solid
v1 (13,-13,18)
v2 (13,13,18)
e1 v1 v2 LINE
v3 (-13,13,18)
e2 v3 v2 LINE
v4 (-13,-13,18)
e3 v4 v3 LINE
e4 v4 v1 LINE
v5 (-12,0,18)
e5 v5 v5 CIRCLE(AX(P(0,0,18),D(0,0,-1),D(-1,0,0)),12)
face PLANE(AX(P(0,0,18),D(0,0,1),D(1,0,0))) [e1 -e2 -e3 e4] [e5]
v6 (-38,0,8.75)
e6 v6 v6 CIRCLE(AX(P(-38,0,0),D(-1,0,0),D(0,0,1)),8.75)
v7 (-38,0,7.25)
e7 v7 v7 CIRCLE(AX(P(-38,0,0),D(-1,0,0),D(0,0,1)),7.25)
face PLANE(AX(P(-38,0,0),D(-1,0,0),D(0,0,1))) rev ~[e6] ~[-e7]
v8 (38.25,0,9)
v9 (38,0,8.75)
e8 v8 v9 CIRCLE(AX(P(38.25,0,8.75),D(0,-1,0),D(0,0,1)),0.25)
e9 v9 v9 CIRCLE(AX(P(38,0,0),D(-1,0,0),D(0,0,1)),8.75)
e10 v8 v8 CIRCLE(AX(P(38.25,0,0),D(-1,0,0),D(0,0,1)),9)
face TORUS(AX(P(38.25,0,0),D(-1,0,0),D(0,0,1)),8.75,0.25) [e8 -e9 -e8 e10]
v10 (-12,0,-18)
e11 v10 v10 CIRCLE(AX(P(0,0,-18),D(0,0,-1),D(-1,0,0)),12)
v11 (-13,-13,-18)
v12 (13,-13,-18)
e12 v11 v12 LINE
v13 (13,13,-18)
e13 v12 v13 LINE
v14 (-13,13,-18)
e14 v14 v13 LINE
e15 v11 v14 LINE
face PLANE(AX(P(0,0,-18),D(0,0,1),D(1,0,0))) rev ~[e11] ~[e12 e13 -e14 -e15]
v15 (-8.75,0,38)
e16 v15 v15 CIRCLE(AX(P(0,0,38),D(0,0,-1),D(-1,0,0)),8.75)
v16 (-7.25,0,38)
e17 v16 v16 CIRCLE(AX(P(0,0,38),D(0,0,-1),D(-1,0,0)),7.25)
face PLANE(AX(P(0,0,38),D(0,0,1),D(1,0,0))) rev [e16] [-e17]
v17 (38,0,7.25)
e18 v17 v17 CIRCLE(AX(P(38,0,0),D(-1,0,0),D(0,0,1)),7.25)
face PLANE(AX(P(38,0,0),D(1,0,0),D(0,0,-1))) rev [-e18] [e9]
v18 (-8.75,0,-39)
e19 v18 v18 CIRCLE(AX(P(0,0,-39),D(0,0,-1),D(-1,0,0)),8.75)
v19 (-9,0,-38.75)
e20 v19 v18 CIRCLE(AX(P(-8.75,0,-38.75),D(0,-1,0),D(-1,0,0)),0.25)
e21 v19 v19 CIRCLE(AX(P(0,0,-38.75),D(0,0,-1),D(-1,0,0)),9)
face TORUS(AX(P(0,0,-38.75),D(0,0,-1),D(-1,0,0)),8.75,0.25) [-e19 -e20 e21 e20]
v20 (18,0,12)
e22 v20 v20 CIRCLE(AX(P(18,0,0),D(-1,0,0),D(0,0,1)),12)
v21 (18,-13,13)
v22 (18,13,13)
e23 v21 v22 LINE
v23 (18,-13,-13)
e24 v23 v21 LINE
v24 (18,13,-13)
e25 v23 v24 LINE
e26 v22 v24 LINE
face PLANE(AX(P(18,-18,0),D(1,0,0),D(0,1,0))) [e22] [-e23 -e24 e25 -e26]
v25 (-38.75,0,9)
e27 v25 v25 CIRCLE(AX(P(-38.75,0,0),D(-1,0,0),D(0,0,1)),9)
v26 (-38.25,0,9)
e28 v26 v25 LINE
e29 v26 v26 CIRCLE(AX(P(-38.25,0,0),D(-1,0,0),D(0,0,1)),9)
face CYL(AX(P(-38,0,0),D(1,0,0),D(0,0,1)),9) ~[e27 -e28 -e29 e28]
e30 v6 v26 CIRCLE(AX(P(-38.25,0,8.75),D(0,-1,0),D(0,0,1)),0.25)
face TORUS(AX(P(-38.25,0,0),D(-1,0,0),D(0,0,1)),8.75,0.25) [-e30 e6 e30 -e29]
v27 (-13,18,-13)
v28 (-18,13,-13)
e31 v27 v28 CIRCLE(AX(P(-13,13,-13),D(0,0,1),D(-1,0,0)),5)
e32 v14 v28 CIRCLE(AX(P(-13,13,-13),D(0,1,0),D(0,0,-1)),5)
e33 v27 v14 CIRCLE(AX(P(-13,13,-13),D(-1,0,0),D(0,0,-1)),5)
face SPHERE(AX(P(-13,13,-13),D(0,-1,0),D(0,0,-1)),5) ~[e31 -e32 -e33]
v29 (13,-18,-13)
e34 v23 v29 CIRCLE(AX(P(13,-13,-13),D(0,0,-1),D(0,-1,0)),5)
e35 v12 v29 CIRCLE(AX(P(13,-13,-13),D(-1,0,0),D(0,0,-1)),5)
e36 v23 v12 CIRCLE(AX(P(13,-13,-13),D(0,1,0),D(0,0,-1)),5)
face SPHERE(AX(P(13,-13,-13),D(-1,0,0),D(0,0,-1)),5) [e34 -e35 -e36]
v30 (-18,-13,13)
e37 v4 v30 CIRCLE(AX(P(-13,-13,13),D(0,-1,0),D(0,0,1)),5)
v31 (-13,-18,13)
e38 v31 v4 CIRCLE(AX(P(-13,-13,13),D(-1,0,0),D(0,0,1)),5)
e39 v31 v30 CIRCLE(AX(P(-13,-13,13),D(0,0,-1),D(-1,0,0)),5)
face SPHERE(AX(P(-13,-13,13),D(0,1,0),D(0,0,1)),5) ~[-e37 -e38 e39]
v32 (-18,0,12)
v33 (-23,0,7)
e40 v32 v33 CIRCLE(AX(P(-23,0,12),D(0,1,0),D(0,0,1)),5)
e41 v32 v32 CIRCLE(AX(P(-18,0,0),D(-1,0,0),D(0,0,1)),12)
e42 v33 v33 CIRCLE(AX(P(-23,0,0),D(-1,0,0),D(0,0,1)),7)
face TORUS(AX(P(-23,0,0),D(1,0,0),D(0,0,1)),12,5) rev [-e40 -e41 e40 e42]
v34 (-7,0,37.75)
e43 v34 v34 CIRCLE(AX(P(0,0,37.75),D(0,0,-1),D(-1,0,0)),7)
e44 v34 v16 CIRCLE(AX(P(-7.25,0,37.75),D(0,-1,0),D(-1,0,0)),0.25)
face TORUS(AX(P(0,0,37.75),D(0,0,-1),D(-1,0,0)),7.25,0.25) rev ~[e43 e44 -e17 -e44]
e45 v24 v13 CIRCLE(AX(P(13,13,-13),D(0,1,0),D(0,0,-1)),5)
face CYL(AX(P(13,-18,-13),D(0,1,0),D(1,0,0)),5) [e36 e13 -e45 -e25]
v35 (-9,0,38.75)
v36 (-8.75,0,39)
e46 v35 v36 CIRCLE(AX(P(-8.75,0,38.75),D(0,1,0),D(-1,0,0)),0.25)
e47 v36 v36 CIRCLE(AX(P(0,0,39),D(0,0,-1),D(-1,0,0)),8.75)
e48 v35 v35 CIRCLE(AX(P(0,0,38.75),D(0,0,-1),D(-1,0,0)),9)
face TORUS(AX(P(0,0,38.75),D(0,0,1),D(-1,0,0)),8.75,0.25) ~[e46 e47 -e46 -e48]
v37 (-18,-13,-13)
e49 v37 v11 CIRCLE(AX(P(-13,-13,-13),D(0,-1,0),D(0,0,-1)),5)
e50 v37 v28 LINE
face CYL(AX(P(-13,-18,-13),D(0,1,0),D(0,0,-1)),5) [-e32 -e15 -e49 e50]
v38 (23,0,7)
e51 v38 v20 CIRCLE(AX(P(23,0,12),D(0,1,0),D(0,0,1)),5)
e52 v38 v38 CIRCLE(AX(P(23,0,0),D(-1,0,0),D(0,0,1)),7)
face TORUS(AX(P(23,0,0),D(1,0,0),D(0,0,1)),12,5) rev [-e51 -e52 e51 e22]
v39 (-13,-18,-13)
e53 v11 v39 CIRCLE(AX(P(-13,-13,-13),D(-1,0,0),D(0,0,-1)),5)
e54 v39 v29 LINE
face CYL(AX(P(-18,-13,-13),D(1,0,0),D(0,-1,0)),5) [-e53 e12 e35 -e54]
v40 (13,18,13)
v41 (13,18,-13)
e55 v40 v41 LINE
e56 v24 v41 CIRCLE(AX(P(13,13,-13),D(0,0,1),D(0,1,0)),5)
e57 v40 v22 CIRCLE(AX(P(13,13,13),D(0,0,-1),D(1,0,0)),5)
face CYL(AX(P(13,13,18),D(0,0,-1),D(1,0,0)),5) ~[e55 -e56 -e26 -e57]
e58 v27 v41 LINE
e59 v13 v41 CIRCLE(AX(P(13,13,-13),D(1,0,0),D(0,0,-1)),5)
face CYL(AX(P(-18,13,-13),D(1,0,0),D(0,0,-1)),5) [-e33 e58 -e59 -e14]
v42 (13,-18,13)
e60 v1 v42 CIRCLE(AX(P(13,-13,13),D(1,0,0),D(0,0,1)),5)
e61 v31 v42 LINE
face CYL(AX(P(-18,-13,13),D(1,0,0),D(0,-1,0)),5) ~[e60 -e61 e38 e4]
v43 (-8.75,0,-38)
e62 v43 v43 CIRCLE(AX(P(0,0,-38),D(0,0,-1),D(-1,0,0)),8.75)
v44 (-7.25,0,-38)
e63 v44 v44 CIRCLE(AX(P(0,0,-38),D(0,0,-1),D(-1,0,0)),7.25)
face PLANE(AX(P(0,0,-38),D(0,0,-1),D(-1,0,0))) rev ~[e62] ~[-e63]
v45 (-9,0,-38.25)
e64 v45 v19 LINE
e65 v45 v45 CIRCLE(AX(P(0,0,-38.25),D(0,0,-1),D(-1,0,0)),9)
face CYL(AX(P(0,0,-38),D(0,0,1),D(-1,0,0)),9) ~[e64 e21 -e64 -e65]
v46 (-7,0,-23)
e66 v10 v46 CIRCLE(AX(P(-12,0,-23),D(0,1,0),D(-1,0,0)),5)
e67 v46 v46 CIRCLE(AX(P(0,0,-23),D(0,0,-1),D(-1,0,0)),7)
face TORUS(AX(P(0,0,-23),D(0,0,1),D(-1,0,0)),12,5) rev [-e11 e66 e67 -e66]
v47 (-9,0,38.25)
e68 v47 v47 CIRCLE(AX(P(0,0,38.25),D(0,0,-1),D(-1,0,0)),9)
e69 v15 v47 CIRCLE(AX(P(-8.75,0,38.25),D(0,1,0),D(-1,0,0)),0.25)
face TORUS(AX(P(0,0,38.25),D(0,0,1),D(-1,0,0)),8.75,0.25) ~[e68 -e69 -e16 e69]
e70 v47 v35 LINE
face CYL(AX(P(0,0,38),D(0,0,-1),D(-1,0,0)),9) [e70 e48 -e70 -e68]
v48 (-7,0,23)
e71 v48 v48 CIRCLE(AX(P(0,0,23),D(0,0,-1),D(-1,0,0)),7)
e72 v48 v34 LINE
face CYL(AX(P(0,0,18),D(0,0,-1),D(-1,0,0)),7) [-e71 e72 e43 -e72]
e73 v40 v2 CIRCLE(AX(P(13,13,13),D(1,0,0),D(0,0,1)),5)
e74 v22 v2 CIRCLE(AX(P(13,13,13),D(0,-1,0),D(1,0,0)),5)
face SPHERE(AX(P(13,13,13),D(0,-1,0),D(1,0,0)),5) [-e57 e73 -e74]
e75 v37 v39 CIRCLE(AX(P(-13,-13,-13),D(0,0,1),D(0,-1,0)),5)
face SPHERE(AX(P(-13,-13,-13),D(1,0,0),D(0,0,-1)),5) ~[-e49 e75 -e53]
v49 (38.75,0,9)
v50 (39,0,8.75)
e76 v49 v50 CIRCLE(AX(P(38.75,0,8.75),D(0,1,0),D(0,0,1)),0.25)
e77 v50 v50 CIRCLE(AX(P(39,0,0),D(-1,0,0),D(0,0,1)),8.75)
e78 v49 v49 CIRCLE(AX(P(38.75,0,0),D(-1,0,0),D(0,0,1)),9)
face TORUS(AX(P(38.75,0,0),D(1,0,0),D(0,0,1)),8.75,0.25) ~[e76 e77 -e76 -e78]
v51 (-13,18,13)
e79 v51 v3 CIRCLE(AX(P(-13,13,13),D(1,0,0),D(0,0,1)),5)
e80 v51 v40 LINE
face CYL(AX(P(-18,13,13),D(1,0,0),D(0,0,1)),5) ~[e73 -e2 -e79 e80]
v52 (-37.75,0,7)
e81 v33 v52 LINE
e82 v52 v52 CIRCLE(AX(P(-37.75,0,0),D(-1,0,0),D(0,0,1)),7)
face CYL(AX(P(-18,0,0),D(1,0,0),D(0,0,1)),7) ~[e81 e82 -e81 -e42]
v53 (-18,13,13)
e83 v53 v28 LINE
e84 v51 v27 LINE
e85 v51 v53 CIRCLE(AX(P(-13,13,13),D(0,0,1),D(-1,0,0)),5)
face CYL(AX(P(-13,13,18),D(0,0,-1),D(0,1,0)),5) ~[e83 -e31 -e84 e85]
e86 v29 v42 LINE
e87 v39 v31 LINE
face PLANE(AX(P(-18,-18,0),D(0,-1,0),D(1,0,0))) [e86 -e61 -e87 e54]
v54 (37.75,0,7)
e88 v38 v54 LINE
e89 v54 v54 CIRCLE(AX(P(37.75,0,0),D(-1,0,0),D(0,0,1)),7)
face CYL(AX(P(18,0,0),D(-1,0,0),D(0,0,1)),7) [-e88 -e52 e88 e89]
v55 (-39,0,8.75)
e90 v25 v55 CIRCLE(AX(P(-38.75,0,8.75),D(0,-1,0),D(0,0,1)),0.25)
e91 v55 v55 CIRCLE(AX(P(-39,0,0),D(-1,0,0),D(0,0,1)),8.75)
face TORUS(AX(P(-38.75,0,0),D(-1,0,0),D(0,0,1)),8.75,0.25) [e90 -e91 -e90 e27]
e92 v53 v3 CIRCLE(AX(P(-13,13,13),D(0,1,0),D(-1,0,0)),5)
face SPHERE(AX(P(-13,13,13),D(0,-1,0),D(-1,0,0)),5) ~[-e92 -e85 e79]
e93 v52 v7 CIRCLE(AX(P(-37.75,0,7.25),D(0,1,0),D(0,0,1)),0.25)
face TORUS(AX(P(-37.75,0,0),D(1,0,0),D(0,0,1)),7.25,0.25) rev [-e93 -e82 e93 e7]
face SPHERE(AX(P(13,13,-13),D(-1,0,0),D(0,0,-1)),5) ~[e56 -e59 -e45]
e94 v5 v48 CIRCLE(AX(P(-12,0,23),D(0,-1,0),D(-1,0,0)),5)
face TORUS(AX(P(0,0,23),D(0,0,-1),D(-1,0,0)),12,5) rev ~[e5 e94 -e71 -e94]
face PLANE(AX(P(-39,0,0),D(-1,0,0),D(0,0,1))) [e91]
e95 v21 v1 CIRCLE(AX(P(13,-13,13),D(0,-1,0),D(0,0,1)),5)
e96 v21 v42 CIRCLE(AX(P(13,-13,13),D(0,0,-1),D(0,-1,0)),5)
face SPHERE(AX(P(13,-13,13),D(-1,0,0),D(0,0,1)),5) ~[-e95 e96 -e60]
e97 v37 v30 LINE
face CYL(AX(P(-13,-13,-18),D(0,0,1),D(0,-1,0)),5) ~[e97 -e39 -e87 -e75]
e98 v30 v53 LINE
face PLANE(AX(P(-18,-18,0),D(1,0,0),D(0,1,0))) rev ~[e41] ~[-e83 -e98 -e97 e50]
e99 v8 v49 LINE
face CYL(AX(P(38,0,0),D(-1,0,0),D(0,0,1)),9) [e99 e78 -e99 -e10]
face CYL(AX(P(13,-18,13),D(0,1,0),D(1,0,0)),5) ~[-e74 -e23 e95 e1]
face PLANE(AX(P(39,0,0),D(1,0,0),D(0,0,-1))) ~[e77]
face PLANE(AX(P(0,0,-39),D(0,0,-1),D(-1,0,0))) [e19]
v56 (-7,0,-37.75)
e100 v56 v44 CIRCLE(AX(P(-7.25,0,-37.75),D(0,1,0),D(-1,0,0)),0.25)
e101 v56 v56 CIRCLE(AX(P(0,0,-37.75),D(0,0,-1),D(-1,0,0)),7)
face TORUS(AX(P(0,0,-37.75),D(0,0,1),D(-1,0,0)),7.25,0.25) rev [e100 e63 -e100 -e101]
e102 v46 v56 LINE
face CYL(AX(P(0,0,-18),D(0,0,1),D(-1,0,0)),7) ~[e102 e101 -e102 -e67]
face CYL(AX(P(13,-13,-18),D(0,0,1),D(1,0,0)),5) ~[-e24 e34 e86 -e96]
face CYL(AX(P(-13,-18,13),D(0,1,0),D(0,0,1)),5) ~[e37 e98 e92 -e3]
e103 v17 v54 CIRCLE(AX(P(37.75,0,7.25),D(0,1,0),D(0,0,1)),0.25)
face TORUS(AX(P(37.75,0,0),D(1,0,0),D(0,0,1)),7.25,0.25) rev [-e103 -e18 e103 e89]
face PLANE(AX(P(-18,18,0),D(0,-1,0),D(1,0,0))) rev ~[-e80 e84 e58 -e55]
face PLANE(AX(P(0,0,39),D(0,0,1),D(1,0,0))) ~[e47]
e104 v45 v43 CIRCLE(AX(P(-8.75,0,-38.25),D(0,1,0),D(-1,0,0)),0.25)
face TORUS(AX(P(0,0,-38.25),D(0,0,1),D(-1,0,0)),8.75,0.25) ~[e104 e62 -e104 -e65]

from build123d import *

# Parameters (mm, degrees)
SKETCH1_W           = 36
SKETCH1_H           = 36
BOSS_EXTRUDE1_DEPTH = 18
SKETCH3_R           = 7
BOSS_EXTRUDE2_DEPTH = 20
SKETCH4_R           = 9
BOSS_EXTRUDE3_DEPTH = 1
FILLET1_R           = 0.25
SKETCH5_R           = 7
BOSS_EXTRUDE4_DEPTH = 20
SKETCH6_R           = 9
BOSS_EXTRUDE5_DEPTH = 1
FILLET2_R           = 0.25
FILLET3_R           = 0.25
FILLET4_R           = 5


with BuildPart() as part:
    # Sketch1 → Boss-Extrude1 (new, symmetric)
    with BuildSketch(Plane.XY):
        Rectangle(SKETCH1_W, SKETCH1_H)
    extrude(amount=BOSS_EXTRUDE1_DEPTH, both=True)

    # Sketch3 → Boss-Extrude2 (add)
    with BuildSketch(Plane(origin=(0, 0, -18), x_dir=(-1, 0, 0), z_dir=(0, 0, -1))):
        Circle(SKETCH3_R)
    boss_extrude2 = extrude(amount=BOSS_EXTRUDE2_DEPTH)

    # Sketch4 → Boss-Extrude3 (add)
    with BuildSketch(Plane(origin=(0, 0, -38), x_dir=(-1, 0, 0), z_dir=(0, 0, -1))):
        Circle(SKETCH4_R)
    boss_extrude3 = extrude(amount=BOSS_EXTRUDE3_DEPTH)

    # Fillet1
    fillet1_edges = [part.edges().sort_by_distance(p)[0] for p in [
        (9, 0, -38),
        (9, 0, -39),
    ]]
    fillet(fillet1_edges, radius=FILLET1_R)

    # Mirror1: Boss-Extrude2, Boss-Extrude3 across plane
    add(boss_extrude2.mirror(Plane.XY))
    add(boss_extrude3.mirror(Plane.XY))

    # Sketch5 → Boss-Extrude4 (add)
    with BuildSketch(Plane.ZY.offset(18)):
        Circle(SKETCH5_R)
    boss_extrude4 = extrude(amount=BOSS_EXTRUDE4_DEPTH)

    # Sketch6 → Boss-Extrude5 (add)
    with BuildSketch(Plane.ZY.offset(38)):
        Circle(SKETCH6_R)
    boss_extrude5 = extrude(amount=BOSS_EXTRUDE5_DEPTH)

    # Mirror2: Boss-Extrude4, Boss-Extrude5 across plane
    add(boss_extrude4.mirror(Plane(origin=(0, 0, 0), x_dir=(0, 0, 1), z_dir=(1, 0, 0))))
    add(boss_extrude5.mirror(Plane(origin=(0, 0, 0), x_dir=(0, 0, 1), z_dir=(1, 0, 0))))

    # Fillet2
    fillet2_edges = [part.edges().sort_by_distance(p)[0] for p in [
        (-38, 0, -9),
        (-39, 0, -9),
        (39, 0, -9),
        (38, 0, -9),
    ]]
    fillet(fillet2_edges, radius=FILLET2_R)

    # Fillet3
    fillet3_edges = [part.edges().sort_by_distance(p)[0] for p in [
        (7, 0, -38),
        (7, 0, 38),
        (9, 0, 39),
        (9, 0, 38),
        (-38, 0, -7),
        (38, 0, -7),
    ]]
    fillet(fillet3_edges, radius=FILLET3_R)

    # Fillet4
    fillet4_edges = [part.edges().sort_by_distance(p)[0] for p in [
        (-18, 0, 18),
        (7, 0, -18),
        (0, -18, 18),
        (7, 0, 18),
        (-18, 0, -7),
        (18, 0, -7),
        (18, 0, 18),
        (0, -18, -18),
        (-18, 0, -18),
        (0, 18, -18),
        (18, 0, -18),
        (18, -18, 0),
        (-18, -18, 0),
        (-18, 18, 0),
        (18, 18, 0),
        (0, 18, 18),
    ]]
    fillet(fillet4_edges, radius=FILLET4_R)


solid = part.part
